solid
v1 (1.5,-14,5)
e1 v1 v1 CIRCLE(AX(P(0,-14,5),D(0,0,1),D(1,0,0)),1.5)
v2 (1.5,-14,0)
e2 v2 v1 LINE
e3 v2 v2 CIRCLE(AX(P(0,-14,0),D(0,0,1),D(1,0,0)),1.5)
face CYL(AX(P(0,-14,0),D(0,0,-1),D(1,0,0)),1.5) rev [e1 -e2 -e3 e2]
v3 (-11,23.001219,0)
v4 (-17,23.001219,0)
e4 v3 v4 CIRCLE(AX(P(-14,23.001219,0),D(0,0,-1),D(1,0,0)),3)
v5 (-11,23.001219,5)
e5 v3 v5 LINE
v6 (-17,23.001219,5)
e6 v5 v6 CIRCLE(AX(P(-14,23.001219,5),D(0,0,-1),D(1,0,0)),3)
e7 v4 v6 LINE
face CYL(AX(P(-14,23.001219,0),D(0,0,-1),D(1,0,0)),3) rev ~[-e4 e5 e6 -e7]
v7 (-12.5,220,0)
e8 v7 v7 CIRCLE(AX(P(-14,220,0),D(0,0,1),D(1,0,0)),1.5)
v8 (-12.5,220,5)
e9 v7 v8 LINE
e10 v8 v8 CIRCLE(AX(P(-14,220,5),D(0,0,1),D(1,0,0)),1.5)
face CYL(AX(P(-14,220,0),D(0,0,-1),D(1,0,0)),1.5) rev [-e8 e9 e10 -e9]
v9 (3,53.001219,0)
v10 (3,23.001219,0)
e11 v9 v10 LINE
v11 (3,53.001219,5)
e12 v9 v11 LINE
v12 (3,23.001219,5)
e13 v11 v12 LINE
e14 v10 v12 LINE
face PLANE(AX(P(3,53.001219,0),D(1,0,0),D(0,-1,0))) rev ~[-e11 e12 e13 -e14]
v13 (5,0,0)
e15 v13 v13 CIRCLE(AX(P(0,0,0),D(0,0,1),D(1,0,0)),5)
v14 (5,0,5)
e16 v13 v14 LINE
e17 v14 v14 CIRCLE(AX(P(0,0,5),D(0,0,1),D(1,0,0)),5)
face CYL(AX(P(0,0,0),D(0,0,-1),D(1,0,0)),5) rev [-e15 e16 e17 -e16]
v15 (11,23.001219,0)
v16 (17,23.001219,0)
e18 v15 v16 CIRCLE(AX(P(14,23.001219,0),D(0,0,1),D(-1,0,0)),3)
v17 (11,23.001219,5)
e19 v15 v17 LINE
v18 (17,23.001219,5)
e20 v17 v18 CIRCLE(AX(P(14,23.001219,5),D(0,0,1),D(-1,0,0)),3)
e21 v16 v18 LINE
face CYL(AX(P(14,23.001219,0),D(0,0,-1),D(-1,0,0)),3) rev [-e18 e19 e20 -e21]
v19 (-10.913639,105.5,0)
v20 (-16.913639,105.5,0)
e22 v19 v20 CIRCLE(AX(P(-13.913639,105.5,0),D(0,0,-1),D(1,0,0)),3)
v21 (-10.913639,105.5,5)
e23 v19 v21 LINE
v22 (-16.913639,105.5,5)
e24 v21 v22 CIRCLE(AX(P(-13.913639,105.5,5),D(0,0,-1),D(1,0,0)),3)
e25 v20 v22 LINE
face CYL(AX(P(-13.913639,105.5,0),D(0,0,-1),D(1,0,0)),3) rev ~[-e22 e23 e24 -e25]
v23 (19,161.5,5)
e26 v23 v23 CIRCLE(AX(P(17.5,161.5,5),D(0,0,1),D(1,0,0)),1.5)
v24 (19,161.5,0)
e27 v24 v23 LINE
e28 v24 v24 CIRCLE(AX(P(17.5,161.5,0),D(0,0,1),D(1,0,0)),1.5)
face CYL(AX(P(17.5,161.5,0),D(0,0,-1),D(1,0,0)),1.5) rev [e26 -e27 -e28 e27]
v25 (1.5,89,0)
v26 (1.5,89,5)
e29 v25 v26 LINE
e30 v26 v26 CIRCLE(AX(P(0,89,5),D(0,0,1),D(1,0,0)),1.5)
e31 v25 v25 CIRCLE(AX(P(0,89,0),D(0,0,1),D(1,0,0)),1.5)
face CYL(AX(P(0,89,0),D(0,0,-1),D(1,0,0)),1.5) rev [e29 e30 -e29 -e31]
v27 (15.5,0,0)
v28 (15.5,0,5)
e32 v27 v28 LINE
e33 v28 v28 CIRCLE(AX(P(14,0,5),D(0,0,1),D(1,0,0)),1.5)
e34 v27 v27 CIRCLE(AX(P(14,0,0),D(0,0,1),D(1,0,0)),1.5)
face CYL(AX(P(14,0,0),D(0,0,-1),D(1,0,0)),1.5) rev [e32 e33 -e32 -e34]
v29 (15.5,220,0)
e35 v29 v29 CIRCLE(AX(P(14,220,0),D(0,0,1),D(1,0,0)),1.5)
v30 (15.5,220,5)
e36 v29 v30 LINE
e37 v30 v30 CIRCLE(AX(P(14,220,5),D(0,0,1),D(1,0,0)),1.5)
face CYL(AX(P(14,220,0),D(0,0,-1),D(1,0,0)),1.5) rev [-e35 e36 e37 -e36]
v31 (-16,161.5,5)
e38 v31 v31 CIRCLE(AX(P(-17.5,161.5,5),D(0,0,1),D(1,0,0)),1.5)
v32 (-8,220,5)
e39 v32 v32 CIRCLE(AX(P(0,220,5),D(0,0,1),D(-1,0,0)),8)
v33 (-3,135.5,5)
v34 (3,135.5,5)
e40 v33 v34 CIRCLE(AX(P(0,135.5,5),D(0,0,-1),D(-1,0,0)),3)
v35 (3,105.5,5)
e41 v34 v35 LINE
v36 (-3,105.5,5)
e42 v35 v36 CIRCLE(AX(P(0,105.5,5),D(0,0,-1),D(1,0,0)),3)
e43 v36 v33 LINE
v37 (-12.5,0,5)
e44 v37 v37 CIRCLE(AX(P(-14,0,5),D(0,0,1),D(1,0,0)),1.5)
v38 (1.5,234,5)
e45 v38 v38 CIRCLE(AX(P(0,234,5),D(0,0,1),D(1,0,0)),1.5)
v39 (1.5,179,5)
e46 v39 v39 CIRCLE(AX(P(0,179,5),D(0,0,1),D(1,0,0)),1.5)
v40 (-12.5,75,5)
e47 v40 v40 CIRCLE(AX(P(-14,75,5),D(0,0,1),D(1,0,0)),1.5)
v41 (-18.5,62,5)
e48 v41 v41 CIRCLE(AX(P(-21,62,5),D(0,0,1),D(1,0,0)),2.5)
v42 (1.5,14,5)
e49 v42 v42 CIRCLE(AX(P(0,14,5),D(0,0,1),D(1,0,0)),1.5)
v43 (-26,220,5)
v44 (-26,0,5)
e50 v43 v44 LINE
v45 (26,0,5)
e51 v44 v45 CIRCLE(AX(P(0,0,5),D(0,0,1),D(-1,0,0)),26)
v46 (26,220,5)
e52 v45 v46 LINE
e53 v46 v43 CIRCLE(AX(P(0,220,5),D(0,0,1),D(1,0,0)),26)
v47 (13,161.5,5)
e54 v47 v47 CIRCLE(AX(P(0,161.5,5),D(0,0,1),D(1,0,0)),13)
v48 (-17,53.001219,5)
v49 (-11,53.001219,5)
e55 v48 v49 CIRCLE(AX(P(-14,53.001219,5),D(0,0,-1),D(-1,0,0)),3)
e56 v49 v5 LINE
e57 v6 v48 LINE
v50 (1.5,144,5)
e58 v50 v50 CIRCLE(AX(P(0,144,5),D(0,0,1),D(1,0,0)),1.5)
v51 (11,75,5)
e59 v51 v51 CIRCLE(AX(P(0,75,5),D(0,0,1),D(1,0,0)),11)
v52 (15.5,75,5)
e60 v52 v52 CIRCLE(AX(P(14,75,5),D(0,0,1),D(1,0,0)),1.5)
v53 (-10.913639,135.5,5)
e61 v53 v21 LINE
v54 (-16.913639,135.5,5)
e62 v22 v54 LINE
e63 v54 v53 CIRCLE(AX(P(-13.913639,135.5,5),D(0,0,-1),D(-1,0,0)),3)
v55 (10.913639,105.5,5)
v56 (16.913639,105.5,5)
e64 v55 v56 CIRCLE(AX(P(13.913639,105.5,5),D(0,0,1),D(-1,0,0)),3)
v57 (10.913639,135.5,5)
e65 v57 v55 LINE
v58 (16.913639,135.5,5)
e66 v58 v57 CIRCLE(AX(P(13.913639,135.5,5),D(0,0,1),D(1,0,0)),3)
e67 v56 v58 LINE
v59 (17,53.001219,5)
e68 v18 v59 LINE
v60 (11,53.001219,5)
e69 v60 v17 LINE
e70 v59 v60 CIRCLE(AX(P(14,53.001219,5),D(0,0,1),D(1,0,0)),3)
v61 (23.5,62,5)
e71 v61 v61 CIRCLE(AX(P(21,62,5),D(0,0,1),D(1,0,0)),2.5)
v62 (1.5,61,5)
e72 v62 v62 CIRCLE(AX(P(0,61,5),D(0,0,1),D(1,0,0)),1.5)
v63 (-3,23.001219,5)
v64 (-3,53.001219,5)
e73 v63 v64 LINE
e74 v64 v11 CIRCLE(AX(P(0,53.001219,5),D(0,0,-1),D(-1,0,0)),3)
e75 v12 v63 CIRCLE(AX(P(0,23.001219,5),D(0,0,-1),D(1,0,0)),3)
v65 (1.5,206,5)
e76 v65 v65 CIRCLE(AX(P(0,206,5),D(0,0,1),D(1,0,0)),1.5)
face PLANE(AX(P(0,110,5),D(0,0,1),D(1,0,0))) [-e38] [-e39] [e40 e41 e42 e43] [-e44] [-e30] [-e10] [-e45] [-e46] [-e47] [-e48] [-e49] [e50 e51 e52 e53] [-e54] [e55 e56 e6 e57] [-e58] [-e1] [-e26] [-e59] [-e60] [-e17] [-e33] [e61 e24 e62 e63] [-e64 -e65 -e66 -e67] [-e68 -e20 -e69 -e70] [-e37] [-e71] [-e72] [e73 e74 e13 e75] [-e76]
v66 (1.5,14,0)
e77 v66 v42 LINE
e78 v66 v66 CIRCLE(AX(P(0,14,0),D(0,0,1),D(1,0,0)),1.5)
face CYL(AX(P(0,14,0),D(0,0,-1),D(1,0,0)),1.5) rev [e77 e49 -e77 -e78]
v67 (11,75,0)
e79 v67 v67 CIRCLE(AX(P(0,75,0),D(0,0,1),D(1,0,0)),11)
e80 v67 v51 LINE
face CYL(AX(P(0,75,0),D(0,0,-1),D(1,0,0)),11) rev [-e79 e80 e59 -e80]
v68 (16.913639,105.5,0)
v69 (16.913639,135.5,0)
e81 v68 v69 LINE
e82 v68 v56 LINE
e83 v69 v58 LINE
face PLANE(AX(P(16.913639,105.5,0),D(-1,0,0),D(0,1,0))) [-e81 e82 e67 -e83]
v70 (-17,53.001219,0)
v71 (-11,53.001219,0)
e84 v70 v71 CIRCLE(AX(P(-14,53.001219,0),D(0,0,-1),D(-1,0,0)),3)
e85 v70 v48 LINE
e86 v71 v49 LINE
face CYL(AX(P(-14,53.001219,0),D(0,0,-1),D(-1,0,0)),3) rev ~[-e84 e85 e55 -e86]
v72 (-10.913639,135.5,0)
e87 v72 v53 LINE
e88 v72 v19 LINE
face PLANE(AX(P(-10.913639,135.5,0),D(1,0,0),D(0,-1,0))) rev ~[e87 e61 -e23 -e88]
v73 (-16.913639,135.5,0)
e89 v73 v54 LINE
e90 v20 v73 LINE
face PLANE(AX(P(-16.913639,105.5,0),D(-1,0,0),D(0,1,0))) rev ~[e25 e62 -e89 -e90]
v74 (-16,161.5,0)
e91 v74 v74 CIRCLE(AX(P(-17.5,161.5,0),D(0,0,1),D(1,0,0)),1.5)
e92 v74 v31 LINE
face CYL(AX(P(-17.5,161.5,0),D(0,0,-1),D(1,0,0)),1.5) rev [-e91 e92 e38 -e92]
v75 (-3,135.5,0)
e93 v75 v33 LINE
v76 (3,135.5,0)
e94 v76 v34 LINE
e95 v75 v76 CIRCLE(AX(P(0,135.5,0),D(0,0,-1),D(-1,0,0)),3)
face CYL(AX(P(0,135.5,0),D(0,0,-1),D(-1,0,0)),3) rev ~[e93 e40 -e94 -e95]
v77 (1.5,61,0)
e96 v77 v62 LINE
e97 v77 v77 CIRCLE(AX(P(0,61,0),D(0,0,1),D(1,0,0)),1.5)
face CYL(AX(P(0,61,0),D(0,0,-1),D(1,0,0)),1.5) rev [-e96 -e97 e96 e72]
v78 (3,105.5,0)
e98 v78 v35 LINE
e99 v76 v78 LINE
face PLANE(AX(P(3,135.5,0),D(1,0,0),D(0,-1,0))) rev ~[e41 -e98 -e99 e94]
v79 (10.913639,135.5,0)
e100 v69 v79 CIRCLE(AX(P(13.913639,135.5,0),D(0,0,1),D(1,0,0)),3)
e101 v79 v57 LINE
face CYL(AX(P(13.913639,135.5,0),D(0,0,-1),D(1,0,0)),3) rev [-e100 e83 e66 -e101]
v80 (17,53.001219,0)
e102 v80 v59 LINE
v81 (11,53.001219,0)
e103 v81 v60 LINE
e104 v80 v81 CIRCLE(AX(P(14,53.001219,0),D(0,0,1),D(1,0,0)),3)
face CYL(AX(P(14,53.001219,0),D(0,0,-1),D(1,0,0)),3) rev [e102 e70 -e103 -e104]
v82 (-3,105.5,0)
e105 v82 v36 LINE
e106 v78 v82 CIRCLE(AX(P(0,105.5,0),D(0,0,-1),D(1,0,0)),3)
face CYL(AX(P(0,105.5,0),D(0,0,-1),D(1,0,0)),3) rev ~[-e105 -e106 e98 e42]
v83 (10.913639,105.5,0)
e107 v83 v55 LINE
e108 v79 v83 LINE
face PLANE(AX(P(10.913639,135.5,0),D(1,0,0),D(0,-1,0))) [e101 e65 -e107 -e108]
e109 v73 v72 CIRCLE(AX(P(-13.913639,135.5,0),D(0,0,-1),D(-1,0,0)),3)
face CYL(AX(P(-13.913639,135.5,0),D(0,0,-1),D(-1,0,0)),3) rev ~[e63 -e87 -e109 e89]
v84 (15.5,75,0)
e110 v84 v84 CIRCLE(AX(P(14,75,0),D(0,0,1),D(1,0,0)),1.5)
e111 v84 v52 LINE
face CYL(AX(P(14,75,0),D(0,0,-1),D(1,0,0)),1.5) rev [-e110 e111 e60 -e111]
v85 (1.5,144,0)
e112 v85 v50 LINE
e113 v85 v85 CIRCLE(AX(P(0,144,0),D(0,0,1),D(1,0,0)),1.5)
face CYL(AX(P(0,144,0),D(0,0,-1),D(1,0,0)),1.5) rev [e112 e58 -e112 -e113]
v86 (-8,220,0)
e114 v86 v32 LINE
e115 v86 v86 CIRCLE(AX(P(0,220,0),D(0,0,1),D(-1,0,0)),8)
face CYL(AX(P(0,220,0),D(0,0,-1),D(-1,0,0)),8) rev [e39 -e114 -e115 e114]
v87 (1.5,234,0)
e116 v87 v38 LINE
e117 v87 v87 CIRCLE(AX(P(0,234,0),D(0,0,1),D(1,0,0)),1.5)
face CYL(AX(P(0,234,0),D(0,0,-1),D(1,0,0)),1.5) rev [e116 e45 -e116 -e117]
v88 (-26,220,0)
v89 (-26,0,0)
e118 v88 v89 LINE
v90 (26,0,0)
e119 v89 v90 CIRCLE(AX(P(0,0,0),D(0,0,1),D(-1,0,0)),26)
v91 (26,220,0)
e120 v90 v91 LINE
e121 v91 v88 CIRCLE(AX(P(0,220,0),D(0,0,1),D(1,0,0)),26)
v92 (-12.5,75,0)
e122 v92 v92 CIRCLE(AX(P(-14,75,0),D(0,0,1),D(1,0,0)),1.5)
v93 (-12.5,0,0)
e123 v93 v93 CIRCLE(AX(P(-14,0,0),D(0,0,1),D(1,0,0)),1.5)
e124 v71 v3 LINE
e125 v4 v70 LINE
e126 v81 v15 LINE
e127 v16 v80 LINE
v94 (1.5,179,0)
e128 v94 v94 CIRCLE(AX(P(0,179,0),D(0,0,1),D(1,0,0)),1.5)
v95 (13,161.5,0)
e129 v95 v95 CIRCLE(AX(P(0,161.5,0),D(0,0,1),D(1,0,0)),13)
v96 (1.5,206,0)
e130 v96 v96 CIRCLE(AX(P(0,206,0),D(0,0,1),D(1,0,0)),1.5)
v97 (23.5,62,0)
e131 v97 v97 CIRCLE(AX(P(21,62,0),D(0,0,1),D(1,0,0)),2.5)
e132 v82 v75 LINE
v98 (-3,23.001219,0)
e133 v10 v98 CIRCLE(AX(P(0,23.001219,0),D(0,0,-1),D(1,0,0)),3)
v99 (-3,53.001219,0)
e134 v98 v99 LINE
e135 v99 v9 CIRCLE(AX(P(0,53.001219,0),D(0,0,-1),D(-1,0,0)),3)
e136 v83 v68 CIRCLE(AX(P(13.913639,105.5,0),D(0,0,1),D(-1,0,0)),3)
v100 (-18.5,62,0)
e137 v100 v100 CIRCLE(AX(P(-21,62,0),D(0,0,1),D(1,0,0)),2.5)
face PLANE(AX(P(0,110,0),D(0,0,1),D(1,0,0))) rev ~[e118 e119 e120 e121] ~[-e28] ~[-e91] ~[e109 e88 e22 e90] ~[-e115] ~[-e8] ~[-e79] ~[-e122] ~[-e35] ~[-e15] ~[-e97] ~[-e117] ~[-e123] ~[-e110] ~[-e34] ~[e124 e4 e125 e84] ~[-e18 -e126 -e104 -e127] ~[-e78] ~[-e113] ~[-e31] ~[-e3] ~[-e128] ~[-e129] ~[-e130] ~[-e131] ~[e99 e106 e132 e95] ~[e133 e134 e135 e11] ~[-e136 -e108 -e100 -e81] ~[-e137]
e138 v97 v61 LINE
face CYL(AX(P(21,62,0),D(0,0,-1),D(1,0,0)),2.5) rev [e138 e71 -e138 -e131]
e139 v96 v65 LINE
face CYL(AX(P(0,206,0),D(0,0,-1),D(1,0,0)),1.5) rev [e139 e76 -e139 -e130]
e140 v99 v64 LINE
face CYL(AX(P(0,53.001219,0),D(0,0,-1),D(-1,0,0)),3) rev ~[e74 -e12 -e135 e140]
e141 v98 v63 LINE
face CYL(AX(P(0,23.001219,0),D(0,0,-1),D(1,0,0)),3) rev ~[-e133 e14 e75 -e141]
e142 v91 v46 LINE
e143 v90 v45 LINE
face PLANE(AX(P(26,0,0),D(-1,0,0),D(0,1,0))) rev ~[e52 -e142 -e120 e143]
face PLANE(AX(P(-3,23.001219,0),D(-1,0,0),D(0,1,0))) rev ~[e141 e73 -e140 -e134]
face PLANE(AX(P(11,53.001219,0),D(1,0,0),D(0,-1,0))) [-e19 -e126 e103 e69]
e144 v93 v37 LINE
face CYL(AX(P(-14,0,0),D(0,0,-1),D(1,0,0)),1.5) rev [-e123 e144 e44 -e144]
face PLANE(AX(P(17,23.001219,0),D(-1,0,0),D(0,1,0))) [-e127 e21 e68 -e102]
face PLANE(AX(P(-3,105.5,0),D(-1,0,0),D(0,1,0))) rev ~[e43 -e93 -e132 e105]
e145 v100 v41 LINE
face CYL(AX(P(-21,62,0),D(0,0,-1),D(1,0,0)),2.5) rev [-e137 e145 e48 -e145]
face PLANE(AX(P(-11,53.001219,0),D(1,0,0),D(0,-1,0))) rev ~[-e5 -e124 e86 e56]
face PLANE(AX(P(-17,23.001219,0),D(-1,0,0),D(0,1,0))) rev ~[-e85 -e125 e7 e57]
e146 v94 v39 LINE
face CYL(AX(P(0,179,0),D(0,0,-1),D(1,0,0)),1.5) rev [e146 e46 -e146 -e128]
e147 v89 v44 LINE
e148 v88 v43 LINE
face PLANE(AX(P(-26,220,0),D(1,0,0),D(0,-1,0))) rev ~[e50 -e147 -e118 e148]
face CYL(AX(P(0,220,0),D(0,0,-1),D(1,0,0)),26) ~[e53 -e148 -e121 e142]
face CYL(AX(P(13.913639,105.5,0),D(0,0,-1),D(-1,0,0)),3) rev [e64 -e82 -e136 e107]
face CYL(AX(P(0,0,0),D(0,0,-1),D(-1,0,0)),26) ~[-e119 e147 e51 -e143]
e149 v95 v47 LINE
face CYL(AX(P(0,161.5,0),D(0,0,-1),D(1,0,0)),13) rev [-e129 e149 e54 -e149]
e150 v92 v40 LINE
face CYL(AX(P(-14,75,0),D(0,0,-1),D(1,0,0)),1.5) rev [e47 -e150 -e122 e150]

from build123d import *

# Parameters (mm, degrees)
SKETCH_1_R      = 5
SKETCH_1_R_2    = 1.5
SKETCH_1_R_3    = 8
SKETCH_1_R_4    = 2.5
SKETCH_1_R_5    = 13
SKETCH_1_R_6    = 11
EXTRUDE_1_DEPTH = 5


with BuildPart() as part:
    # 草图1 → 凸台-拉伸1 (new body)
    with BuildSketch(Plane.XY):
        with BuildLine():
            Line((-26, 220), (-26, 0))
            ThreePointArc((-26, 0), (0, -26), (26, 0))
            Line((26, 0), (26, 220))
            ThreePointArc((26, 220), (0, 246), (-26, 220))
        make_face()
        Circle(SKETCH_1_R, mode=Mode.SUBTRACT)
        with Locations((0, -14)):
            Circle(SKETCH_1_R_2, mode=Mode.SUBTRACT)
        with Locations(Location((0, 220, 0), (0, 0, 180))):
            Circle(SKETCH_1_R_3, mode=Mode.SUBTRACT)
        with Locations((-14, 0)):
            Circle(SKETCH_1_R_2, mode=Mode.SUBTRACT)
        with Locations((0, 14)):
            Circle(SKETCH_1_R_2, mode=Mode.SUBTRACT)
        with Locations((14, 0)):
            Circle(SKETCH_1_R_2, mode=Mode.SUBTRACT)
        with Locations((-21, 62)):
            Circle(SKETCH_1_R_4, mode=Mode.SUBTRACT)
        with Locations((21, 62)):
            Circle(SKETCH_1_R_4, mode=Mode.SUBTRACT)
        with Locations((0, 89)):
            Circle(SKETCH_1_R_2, mode=Mode.SUBTRACT)
        with Locations((0, 161.5)):
            Circle(SKETCH_1_R_5, mode=Mode.SUBTRACT)
        with Locations((0, 75)):
            Circle(SKETCH_1_R_6, mode=Mode.SUBTRACT)
        with Locations((0, 234)):
            Circle(SKETCH_1_R_2, mode=Mode.SUBTRACT)
        with Locations((14, 220)):
            Circle(SKETCH_1_R_2, mode=Mode.SUBTRACT)
        with Locations((0, 206)):
            Circle(SKETCH_1_R_2, mode=Mode.SUBTRACT)
        with Locations((-14, 220)):
            Circle(SKETCH_1_R_2, mode=Mode.SUBTRACT)
        with Locations((0, 179)):
            Circle(SKETCH_1_R_2, mode=Mode.SUBTRACT)
        with Locations((17.5, 161.5)):
            Circle(SKETCH_1_R_2, mode=Mode.SUBTRACT)
        with Locations((0, 144)):
            Circle(SKETCH_1_R_2, mode=Mode.SUBTRACT)
        with Locations((-17.5, 161.5)):
            Circle(SKETCH_1_R_2, mode=Mode.SUBTRACT)
        with Locations((14, 75)):
            Circle(SKETCH_1_R_2, mode=Mode.SUBTRACT)
        with Locations((0, 61)):
            Circle(SKETCH_1_R_2, mode=Mode.SUBTRACT)
        with Locations((-14, 75)):
            Circle(SKETCH_1_R_2, mode=Mode.SUBTRACT)
        with BuildLine():
            Line((-3, 105.5), (-3, 135.5))
            ThreePointArc((-3, 135.5), (0, 138.5), (3, 135.5))
            Line((3, 135.5), (3, 105.5))
            ThreePointArc((3, 105.5), (0, 102.5), (-3, 105.5))
        make_face(mode=Mode.SUBTRACT)
        with BuildLine():
            Line((-3, 23.001218935), (-3, 53.001218935))
            ThreePointArc((-3, 53.001218935), (0, 56.001218935), (3, 53.001218935))
            Line((3, 53.001218935), (3, 23.001218935))
            ThreePointArc((3, 23.001218935), (0, 20.001218935), (-3, 23.001218935))
        make_face(mode=Mode.SUBTRACT)
        with BuildLine():
            Line((-17, 23.001218935), (-17, 53.001218935))
            ThreePointArc((-17, 53.001218935), (-14, 56.001218935), (-11, 53.001218935))
            Line((-11, 53.001218935), (-11, 23.001218935))
            ThreePointArc((-11, 23.001218935), (-14, 20.001218935), (-17, 23.001218935))
        make_face(mode=Mode.SUBTRACT)
        with BuildLine():
            Line((17, 23.001218935), (17, 53.001218935))
            ThreePointArc((17, 53.001218935), (14, 56.001218935), (11, 53.001218935))
            Line((11, 53.001218935), (11, 23.001218935))
            ThreePointArc((11, 23.001218935), (14, 20.001218935), (17, 23.001218935))
        make_face(mode=Mode.SUBTRACT)
        with BuildLine():
            Line((-16.913638667, 105.5), (-16.913638667, 135.5))
            ThreePointArc((-16.913638667, 135.5), (-13.913638667, 138.5), (-10.913638667, 135.5))
            Line((-10.913638667, 135.5), (-10.913638667, 105.5))
            ThreePointArc((-10.913638667, 105.5), (-13.913638667, 102.5), (-16.913638667, 105.5))
        make_face(mode=Mode.SUBTRACT)
        with BuildLine():
            Line((16.913638667, 105.5), (16.913638667, 135.5))
            ThreePointArc((16.913638667, 135.5), (13.913638667, 138.5), (10.913638667, 135.5))
            Line((10.913638667, 135.5), (10.913638667, 105.5))
            ThreePointArc((10.913638667, 105.5), (13.913638667, 102.5), (16.913638667, 105.5))
        make_face(mode=Mode.SUBTRACT)
    extrude(amount=EXTRUDE_1_DEPTH)


solid = part.part
